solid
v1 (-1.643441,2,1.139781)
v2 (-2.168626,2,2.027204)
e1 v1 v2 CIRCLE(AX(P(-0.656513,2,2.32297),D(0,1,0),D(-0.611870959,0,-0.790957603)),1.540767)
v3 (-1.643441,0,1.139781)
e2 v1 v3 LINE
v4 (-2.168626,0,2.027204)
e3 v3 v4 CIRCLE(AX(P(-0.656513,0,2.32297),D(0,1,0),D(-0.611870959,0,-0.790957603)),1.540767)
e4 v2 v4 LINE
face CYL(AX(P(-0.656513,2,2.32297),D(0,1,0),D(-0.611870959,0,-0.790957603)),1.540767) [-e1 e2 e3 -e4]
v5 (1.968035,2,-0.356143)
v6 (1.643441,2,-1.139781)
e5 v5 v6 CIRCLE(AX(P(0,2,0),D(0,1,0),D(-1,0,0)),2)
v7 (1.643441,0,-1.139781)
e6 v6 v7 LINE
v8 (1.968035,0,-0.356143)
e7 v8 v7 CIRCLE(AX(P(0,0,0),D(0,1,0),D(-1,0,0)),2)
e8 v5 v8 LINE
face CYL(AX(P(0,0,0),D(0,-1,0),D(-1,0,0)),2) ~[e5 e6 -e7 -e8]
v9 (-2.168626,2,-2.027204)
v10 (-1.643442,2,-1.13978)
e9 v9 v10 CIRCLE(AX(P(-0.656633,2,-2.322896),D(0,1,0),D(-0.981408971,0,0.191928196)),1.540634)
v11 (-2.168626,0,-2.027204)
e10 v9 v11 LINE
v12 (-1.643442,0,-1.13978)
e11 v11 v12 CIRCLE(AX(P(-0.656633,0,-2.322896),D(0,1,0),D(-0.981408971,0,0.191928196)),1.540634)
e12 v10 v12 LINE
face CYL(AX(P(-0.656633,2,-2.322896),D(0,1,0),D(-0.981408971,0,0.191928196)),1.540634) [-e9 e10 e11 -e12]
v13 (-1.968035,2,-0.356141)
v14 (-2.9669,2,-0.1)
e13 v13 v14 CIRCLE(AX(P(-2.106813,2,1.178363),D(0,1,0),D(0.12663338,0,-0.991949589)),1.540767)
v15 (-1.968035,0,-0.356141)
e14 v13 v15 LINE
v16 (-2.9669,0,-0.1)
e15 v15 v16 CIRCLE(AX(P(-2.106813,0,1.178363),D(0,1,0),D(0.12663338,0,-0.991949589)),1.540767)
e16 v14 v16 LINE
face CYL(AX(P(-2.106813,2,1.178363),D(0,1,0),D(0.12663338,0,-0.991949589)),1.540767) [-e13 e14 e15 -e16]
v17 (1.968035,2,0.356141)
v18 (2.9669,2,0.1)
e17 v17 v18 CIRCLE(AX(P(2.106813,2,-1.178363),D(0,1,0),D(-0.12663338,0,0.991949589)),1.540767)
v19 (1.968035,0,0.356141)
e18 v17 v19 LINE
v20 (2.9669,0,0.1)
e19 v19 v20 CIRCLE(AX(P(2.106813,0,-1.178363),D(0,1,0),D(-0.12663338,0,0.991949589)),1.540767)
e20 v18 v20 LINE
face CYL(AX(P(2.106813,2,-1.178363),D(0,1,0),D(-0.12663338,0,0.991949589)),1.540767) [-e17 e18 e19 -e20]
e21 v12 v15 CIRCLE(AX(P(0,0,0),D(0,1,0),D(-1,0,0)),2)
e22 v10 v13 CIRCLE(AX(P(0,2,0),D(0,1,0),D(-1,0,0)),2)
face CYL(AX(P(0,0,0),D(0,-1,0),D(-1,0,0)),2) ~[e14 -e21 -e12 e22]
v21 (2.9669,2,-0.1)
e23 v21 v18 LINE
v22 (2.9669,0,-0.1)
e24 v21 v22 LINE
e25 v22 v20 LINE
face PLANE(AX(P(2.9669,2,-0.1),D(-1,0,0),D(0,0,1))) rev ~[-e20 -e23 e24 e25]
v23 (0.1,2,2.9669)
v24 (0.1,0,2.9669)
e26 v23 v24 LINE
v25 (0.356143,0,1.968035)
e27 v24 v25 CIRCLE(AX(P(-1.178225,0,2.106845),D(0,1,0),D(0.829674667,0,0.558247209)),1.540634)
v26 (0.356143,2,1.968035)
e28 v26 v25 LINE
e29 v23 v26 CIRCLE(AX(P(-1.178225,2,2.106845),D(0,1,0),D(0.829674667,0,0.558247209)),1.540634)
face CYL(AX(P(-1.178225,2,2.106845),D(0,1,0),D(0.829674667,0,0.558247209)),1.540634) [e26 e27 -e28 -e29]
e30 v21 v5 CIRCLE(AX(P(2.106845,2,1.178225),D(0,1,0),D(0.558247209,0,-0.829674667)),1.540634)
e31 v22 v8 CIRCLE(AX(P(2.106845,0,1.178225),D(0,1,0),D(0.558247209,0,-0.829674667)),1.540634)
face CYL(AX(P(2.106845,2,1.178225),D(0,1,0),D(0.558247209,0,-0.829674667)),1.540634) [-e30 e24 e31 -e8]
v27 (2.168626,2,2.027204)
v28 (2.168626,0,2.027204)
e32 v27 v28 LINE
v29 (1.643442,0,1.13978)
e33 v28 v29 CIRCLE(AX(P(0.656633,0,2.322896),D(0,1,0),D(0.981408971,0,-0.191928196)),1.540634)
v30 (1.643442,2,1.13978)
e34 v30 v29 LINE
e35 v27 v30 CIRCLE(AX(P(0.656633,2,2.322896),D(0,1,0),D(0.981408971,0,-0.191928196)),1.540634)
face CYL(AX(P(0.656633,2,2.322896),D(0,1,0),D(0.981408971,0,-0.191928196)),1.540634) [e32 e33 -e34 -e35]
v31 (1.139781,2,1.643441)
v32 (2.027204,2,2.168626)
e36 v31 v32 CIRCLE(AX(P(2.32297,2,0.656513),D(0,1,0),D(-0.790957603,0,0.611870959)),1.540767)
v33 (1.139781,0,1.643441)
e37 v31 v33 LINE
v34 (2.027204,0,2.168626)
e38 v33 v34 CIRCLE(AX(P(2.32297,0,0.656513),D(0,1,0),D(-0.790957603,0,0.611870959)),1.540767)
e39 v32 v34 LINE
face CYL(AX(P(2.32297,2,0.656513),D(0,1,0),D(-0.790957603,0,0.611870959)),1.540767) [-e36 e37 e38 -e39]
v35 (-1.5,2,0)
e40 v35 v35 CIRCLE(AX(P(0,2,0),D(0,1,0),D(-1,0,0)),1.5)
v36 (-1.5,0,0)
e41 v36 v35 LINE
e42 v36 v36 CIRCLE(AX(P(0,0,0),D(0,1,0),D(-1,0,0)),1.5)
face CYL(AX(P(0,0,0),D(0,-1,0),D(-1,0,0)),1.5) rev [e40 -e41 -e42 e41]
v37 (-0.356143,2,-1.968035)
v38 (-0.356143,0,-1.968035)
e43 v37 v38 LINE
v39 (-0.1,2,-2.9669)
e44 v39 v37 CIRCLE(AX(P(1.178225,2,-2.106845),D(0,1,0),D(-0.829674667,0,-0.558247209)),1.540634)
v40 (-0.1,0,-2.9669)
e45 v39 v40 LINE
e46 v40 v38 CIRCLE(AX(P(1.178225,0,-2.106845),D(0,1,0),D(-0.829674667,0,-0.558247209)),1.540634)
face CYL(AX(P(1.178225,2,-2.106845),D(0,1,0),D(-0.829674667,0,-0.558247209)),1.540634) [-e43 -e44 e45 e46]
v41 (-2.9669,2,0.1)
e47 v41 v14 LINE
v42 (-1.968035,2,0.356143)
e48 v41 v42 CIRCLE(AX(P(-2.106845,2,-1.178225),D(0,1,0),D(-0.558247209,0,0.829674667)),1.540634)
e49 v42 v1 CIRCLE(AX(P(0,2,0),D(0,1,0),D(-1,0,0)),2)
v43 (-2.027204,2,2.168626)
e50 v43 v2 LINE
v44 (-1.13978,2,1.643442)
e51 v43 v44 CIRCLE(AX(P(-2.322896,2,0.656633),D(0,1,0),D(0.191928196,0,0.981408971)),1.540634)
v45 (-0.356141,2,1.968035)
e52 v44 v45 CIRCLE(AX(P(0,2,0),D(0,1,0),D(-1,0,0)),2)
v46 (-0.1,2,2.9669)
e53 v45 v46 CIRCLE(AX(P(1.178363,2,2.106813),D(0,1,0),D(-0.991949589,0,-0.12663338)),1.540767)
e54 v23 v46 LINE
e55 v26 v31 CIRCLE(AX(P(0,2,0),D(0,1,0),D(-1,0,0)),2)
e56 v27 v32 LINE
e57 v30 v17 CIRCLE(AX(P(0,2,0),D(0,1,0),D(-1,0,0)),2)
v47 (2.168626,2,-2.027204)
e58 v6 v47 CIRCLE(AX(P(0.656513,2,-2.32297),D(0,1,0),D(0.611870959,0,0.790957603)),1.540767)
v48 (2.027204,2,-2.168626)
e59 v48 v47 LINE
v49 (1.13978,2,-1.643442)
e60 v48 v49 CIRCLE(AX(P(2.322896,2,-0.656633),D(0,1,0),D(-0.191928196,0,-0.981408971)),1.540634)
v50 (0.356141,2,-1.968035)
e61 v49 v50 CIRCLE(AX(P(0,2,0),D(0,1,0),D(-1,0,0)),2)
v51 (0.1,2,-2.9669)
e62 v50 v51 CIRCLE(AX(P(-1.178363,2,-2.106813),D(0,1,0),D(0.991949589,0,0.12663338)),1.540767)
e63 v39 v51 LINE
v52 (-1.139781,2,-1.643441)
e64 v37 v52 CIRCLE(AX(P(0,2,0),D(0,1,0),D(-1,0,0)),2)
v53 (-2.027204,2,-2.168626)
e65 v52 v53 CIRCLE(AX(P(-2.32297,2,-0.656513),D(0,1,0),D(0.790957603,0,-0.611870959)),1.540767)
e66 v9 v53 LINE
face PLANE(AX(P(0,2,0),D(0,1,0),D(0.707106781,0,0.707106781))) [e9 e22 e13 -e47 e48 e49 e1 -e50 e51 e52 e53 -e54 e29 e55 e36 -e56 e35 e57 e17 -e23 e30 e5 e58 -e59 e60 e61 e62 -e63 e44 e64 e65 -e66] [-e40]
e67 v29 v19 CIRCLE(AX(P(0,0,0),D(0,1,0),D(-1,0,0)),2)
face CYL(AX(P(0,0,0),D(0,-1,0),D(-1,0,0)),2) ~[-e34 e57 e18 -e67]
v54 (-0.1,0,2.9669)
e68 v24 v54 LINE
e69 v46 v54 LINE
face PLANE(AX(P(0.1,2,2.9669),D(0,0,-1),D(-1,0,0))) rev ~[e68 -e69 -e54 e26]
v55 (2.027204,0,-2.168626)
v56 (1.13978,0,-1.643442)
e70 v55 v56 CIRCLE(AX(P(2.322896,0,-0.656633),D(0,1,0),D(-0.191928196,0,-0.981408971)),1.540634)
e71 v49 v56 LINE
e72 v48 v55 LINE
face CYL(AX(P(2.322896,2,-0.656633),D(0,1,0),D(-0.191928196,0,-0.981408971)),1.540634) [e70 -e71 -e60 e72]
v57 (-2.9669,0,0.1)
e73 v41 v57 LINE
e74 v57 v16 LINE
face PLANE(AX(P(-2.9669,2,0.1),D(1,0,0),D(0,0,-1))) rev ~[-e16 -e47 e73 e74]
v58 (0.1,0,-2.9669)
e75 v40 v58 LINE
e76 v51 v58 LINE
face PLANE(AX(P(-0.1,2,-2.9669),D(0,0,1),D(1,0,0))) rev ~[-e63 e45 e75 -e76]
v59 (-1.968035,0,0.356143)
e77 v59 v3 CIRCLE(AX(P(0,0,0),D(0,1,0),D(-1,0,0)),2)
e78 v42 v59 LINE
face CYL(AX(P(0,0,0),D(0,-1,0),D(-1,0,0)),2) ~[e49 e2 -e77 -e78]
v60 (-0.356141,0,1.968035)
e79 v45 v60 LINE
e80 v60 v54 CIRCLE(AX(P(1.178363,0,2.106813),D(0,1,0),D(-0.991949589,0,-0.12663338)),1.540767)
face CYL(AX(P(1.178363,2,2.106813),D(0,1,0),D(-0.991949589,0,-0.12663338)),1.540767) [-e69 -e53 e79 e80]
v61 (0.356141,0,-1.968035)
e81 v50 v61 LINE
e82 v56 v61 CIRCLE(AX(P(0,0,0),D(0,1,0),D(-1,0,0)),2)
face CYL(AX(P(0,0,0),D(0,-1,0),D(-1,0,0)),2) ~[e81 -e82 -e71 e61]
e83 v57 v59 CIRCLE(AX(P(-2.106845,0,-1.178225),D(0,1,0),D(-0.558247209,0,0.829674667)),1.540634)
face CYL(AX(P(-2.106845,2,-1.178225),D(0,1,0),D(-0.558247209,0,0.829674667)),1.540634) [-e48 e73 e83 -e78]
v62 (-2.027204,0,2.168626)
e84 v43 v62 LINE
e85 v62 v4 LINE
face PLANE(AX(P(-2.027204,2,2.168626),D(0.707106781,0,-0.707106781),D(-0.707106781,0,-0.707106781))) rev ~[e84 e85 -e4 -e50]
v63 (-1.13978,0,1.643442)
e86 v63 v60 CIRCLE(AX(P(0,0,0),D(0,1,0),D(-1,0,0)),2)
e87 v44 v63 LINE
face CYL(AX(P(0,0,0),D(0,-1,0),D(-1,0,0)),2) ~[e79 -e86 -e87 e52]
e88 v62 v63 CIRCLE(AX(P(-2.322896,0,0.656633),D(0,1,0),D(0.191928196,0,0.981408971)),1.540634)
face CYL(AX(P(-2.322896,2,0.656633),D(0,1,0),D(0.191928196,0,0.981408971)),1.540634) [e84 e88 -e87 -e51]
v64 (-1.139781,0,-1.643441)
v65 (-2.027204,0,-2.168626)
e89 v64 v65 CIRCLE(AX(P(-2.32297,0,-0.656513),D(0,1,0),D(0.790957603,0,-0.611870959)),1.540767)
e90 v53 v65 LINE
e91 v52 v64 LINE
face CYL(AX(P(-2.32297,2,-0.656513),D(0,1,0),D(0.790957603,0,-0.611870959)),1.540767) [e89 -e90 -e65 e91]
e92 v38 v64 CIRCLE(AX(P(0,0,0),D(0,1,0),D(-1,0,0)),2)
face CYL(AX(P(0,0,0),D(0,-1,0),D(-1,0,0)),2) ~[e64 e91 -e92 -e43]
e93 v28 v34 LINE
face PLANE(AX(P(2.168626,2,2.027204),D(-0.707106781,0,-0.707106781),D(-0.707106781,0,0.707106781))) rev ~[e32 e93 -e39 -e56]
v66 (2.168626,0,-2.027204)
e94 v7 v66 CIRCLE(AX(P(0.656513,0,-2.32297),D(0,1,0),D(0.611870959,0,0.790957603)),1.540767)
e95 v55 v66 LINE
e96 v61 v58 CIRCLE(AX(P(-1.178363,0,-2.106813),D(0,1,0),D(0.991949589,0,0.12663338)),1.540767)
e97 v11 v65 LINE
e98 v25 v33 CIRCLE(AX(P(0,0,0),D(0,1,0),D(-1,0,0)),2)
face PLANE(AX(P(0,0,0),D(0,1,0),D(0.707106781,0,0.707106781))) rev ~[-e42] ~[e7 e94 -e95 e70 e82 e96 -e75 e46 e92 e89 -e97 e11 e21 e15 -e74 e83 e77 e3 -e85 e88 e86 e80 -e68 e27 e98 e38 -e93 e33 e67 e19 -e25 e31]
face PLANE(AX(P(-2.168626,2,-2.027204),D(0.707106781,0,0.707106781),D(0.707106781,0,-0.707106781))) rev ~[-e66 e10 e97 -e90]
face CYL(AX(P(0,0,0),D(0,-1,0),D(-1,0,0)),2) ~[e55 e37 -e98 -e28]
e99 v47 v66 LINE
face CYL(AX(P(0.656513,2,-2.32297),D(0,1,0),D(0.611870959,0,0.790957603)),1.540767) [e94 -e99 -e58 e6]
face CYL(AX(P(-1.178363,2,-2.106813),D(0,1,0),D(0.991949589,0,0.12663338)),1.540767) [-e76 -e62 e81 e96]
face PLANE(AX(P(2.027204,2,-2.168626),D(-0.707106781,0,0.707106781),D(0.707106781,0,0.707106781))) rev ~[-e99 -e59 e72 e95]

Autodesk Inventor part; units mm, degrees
ref_plane "YZ Plane" through (0, 0, 0) normal (1, 0, 0) x (0, 1, 0)
ref_plane "XZ Plane" through (0, 0, 0) normal (0, 1, 0) x (-1, 0, 0)
ref_plane "XY Plane" through (0, 0, 0) normal (0, 0, 1) x (1, 0, 0)
sketch "Sketch1" plane through (0, 0, 0) normal (0, 1, 0) x (-1, 0, 0)
  circle A0 centre (0, 0) radius 1.5
  circle A1 centre (0, 0) radius 2
  dimension "d0" = 3
  dimension "d1" = 4
extrude "Extrusion1" add sketch "Sketch1" along normal blind 2
sketch "Sketch2" plane through (0, 2, 0) normal (0, 1, 0) x (1, 0, 0)
  line L0 (-1.9117, -0.1) -> (-2.7237, -0.1) construction
  line L1 (-2.7237, -0.1) -> (-2.7237, 0.1) construction
  line L2 (-2.7237, 0.1) -> (-1.9117, 0.1) construction
  line L3 (-1.9117, 0.1) -> (-1.9117, -0.1) construction
  line L4 (-1.9117, 0) -> (-1.9117, 0.35) construction
  line L5 (-1.9117, 0) -> (-1.5617, 0) construction
  line L6 (-1.9117, 0.35) -> (-1.9117, -0.35) construction
  line L7 (-1.9117, 0.1) -> (-2.9669, 0.1) construction
  line L8 (-2.9669, 0.1) -> (-2.9669, -0.1) construction
  line L9 (-2.9669, -0.1) -> (-1.9117, -0.1) construction
  line L10 (-1.9117, -0.1) -> (-1.9117, 0.1) construction
  arc A0 (-2.9669, -0.1) -> (-1.9117, -0.35) centre (-2.1069, 1.1781) ccw construction
  arc A1 (-2.9669, -0.1) -> (-1.9117, -0.35) centre (-2.1069, 1.1781) ccw
  arc A2 (-1.9117, 0.35) -> (-2.9669, 0.1) centre (-2.1068, -1.1786) ccw
  line L11 (-2.9669, -0.1) -> (-2.9669, 0.1)
  line L12 (-1.9117, -0.35) -> (-1.9117, 0.35)
  point P0 (0, 0)
  dimension "d4" = 0.2
  dimension "d5" = 0.35
  dimension "d6" = 90
  dimension "d7" = 0.7
  dimension "d8" = 1.541
extrude "Extrusion2" add sketch "Sketch2" against normal blind 2
pattern_circular "Circular Pattern1" count 8 over 360 about axis through (0, 0, 0) along (0, 1, 0) of "Extrusion2"
properties part number "mtv_gear8_1-13"
